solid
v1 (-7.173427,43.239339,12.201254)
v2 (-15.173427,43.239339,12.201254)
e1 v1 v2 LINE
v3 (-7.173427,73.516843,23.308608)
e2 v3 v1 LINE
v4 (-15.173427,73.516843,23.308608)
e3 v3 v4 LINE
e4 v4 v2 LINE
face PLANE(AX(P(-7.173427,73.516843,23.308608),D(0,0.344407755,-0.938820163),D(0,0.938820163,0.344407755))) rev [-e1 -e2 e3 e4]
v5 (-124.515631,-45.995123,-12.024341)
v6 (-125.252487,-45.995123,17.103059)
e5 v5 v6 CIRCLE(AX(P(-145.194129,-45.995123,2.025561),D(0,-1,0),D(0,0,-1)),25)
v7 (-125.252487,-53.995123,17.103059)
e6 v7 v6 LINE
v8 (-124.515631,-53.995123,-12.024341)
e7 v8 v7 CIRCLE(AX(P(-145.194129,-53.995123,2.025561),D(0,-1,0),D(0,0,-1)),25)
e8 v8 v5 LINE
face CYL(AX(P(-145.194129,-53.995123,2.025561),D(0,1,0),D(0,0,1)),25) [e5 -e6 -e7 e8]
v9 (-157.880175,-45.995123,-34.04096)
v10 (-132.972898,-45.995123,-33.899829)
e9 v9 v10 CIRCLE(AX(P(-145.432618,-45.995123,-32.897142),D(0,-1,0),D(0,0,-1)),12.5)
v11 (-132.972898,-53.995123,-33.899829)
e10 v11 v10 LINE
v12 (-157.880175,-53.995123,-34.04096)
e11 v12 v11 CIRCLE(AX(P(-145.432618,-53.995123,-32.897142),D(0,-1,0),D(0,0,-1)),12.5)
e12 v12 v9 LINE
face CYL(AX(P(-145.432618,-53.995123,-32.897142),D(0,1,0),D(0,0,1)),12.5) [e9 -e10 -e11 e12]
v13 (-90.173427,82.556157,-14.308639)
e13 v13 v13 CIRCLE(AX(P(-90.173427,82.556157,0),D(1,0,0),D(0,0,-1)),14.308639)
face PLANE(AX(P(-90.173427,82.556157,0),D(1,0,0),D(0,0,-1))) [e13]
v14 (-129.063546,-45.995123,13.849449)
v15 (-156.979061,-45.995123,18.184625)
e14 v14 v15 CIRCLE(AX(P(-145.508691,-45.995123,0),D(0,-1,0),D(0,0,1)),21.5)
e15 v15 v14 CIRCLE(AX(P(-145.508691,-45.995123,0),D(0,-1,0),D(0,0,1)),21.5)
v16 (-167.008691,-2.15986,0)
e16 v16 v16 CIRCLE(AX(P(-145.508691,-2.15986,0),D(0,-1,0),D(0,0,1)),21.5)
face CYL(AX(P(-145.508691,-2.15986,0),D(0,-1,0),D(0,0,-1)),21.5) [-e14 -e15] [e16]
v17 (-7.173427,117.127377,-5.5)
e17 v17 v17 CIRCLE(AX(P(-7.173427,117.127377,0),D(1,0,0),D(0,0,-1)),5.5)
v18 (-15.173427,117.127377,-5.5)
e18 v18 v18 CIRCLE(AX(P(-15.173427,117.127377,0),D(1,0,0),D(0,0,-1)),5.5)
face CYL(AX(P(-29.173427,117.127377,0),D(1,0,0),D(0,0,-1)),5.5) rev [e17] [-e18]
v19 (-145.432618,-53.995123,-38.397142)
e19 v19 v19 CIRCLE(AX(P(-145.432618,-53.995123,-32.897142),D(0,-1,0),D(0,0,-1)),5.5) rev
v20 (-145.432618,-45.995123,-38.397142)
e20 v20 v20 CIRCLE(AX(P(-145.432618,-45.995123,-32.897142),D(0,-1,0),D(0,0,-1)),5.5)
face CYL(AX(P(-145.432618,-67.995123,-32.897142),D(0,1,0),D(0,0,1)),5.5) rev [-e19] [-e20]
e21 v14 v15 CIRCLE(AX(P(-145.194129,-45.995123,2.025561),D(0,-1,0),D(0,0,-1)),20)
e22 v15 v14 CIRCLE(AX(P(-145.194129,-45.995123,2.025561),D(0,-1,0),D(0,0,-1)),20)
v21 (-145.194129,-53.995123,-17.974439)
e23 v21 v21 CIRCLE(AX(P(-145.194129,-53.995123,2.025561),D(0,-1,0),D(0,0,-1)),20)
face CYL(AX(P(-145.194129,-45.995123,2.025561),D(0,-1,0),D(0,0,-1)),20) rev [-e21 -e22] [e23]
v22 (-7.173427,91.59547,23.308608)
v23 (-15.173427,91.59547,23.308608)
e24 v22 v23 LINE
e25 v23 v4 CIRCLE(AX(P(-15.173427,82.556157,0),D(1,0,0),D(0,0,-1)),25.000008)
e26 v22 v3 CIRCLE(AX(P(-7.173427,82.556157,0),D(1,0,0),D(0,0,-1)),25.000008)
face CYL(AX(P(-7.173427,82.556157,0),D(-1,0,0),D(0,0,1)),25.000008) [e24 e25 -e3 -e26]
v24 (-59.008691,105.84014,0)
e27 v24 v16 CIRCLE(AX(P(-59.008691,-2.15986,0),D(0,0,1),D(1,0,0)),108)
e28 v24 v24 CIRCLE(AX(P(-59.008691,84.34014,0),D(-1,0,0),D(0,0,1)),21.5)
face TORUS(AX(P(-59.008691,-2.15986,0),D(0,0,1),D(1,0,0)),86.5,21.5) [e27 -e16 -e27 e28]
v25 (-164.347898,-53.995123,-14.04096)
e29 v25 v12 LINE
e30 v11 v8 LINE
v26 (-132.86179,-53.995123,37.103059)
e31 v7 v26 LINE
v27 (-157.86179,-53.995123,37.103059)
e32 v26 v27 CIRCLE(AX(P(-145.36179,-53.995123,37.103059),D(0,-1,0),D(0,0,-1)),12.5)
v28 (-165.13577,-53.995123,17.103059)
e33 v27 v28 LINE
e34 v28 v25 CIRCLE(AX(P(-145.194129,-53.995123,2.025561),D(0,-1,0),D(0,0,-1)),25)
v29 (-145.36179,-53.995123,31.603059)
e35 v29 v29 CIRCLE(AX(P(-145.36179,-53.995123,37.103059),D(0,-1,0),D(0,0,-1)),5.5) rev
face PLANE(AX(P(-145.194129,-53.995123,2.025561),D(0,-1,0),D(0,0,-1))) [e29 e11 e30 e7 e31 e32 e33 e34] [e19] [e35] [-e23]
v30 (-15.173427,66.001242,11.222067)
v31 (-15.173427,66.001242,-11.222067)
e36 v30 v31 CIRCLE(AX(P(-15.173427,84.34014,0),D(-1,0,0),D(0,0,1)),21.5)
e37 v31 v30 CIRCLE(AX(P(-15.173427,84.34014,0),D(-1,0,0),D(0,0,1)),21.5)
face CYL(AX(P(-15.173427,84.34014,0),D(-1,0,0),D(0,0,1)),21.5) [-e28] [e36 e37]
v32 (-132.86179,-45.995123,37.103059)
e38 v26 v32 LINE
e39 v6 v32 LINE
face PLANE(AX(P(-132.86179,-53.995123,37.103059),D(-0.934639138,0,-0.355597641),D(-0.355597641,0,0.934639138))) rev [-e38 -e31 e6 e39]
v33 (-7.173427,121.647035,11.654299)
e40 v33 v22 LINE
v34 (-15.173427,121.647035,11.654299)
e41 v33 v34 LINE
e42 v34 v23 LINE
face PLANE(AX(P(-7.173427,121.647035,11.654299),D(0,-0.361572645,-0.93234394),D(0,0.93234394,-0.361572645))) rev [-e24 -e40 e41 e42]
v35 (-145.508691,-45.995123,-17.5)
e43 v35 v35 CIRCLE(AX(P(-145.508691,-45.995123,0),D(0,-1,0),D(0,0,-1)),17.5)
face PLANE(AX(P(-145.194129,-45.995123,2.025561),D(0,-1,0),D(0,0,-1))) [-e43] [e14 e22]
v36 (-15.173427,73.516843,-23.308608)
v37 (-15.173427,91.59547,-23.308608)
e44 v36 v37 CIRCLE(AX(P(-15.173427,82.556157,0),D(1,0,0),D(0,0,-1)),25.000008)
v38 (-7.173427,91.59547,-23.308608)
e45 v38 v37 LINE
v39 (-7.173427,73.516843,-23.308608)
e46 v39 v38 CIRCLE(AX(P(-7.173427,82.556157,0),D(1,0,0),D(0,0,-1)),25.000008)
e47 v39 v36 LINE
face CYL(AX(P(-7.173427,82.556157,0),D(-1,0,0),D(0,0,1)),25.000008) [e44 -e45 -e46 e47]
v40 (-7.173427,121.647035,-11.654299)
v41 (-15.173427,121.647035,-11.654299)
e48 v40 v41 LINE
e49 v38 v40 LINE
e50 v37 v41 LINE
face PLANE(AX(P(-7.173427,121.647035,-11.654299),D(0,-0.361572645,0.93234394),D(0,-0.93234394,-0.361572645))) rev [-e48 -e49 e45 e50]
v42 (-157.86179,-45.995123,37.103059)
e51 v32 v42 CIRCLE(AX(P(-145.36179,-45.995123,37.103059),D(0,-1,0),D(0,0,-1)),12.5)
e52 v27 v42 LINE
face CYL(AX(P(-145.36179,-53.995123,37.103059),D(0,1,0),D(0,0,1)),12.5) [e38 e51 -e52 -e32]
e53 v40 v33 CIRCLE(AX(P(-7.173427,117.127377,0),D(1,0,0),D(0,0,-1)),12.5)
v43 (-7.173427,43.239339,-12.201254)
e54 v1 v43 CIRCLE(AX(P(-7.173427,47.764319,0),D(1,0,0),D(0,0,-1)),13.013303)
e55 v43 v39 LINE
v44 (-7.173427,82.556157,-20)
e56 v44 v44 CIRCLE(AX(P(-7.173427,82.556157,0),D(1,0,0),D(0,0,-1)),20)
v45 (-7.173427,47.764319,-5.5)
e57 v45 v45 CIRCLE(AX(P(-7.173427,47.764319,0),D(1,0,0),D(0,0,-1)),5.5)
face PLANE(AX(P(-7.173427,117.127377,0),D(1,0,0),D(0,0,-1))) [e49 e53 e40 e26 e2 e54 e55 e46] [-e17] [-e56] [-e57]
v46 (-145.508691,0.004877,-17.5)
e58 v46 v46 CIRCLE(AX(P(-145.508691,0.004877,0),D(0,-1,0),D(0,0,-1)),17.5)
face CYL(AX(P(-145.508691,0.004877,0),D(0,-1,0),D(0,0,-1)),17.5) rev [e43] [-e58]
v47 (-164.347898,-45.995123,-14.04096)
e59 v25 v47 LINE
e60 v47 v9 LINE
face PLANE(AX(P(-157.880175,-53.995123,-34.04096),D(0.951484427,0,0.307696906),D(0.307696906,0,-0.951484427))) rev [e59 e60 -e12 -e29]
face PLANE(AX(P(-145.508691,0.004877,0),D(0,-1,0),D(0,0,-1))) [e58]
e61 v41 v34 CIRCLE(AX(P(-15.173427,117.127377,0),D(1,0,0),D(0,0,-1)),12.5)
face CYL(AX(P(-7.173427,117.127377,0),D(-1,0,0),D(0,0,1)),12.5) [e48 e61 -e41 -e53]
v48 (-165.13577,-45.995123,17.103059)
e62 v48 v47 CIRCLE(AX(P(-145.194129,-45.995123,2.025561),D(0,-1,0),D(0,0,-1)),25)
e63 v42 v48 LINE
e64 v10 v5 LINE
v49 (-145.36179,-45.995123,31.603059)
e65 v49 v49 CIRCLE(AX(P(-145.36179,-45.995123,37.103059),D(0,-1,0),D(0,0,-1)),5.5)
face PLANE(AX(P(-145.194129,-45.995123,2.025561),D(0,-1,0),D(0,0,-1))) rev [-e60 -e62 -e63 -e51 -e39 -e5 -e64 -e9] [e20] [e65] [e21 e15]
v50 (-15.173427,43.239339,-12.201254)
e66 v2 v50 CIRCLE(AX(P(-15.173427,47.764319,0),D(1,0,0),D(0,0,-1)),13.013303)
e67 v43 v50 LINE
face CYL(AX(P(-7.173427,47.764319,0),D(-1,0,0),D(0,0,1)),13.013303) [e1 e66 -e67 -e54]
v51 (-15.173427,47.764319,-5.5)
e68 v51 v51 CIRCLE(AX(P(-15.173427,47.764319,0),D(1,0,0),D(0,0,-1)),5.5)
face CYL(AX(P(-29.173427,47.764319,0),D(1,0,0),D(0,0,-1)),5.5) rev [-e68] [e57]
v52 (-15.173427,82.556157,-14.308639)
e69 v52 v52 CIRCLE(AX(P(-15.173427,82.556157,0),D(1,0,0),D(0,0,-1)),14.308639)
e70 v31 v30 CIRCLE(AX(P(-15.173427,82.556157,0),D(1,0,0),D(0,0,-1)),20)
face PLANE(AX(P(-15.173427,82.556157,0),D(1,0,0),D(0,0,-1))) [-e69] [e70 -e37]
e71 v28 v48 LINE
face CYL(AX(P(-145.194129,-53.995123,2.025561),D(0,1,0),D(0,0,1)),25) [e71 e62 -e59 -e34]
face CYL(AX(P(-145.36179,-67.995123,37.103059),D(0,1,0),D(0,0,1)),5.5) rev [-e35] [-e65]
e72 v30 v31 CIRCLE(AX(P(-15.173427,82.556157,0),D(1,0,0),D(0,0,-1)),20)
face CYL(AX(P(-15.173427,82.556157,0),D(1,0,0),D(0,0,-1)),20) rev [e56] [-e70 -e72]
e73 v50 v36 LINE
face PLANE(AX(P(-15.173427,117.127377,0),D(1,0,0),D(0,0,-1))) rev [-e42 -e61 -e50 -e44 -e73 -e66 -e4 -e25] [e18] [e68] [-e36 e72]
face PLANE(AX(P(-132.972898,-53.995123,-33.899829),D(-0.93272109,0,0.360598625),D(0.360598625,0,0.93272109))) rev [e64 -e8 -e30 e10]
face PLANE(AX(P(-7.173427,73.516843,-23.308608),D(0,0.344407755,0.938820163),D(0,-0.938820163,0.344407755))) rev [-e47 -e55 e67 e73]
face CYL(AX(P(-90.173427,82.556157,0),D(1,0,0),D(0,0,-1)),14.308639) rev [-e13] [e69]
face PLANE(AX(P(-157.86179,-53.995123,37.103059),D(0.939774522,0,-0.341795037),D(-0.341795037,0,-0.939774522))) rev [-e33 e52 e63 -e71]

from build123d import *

# Parameters (mm, degrees)
SWEEP1_PROFILE_R    = 21.5
BOSS_EXTRUDE1_DEPTH = 8
BOSS_EXTRUDE2_DEPTH = 8
SKETCH10_R          = 20
CUT_EXTRUDE1_DEPTH  = 8
SKETCH12_R          = 20
CUT_EXTRUDE2_DEPTH  = 8
SKETCH13_R          = 5.5
CUT_EXTRUDE3_DEPTH  = 22
SKETCH14_R          = 5.5
CUT_EXTRUDE4_DEPTH  = 22
SKETCH26_R          = 14.308639319
CUT_EXTRUDE6_DEPTH  = 75
SKETCH27_R          = 17.5
CUT_EXTRUDE8_DEPTH  = 46


with BuildPart() as part:
    # Sweep1: sweep along a path in Sketch1
    with BuildLine(Plane.XY) as sweep1_path:
        Line((-15.173427297, 84.340140469), (-59.008690724, 84.340140469))
        ThreePointArc((-59.008690724, 84.340140469), (-120.173427297, 59.004877041), (-145.508690724, -2.159859531))
        Line((-145.508690724, -2.159859531), (-145.508690724, -45.995122959))
    # Sweep1 profile (on start of the path) → Sweep1 (sweep)
    with BuildSketch(Plane(origin=(-15.173427297, 84.340140469, 0), x_dir=(0, 0, -1), z_dir=(-1, 0, 0))):
        Circle(SWEEP1_PROFILE_R)
    sweep(path=sweep1_path.line)

    # Sketch8 → Boss-Extrude1 (add)
    with BuildSketch(Plane(origin=(-15.173427297, 0, 0), x_dir=(0, 0, -1), z_dir=(1, 0, 0))):
        with BuildLine():
            Line((11.654299247, 121.647035289), (23.308607816, 91.595469986))
            ThreePointArc((23.308607816, 91.595469986), (25.000007686, 82.556156629), (23.308607816, 73.516843272))
            Line((23.308607816, 73.516843272), (12.201254362, 43.23933866))
            ThreePointArc((12.201254362, 43.23933866), (0, 34.751015799), (-12.201254362, 43.23933866))
            Line((-12.201254362, 43.23933866), (-23.308607816, 73.516843272))
            ThreePointArc((-23.308607816, 73.516843272), (-25.000007686, 82.556156629), (-23.308607816, 91.595469986))
            Line((-23.308607816, 91.595469986), (-11.654299247, 121.647035289))
            ThreePointArc((-11.654299247, 121.647035289), (0, 129.627377221), (11.654299247, 121.647035289))
        make_face()
    extrude(amount=BOSS_EXTRUDE1_DEPTH)

    # Sketch9 → Boss-Extrude2 (add)
    with BuildSketch(Plane.XZ.offset(45.995122959)):
        with BuildLine():
            Line((-157.861790456, 37.103058549), (-165.135770102, 17.103058549))
            ThreePointArc((-165.135770102, 17.103058549), (-170.186132718, 1.393320876), (-164.347898171, -14.040960373))
            Line((-164.347898171, -14.040960373), (-157.880174747, -34.040960373))
            ThreePointArc((-157.880174747, -34.040960373), (-145.361790456, -45.396941451), (-132.972897727, -33.899829272))
            Line((-132.972897727, -33.899829272), (-124.515630897, -12.02434059))
            ThreePointArc((-124.515630897, -12.02434059), (-120.202124379, 2.657801138), (-125.252486994, 17.103058549))
            Line((-125.252486994, 17.103058549), (-132.861790456, 37.103058549))
            ThreePointArc((-132.861790456, 37.103058549), (-145.361790456, 49.603058549), (-157.861790456, 37.103058549))
        make_face()
    extrude(amount=BOSS_EXTRUDE2_DEPTH)

    # Sketch10 → Cut-Extrude1 (cut)
    with BuildSketch(Plane(origin=(-7.173427297, 0, 0), x_dir=(0, 0, -1), z_dir=(1, 0, 0))):
        with Locations((0, 82.556156629)):
            Circle(SKETCH10_R)
    extrude(amount=-CUT_EXTRUDE1_DEPTH, mode=Mode.SUBTRACT)

    # Sketch12 → Cut-Extrude2 (cut)
    with BuildSketch(Plane.XZ.offset(53.995122959)):
        with Locations(Location((-145.194128548, 2.025561007, 0), (0, 0, 270))):
            Circle(SKETCH12_R)
    extrude(amount=-CUT_EXTRUDE2_DEPTH, mode=Mode.SUBTRACT)

    # Sketch13 → Cut-Extrude3 (cut)
    with BuildSketch(Plane.XZ.offset(45.995122959)):
        with Locations(Location((-145.361790456, 37.103058549, 0), (0, 0, 270))):
            Circle(SKETCH13_R)
        with Locations(Location((-145.432617565, -32.897142112, 0), (0, 0, 270))):
            Circle(SKETCH13_R)
    extrude(amount=CUT_EXTRUDE3_DEPTH, mode=Mode.SUBTRACT)

    # Sketch14 → Cut-Extrude4 (cut)
    with BuildSketch(Plane(origin=(-7.173427297, 0, 0), x_dir=(0, 0, -1), z_dir=(1, 0, 0))):
        with Locations((0, 117.127377221)):
            Circle(SKETCH14_R)
        with Locations((0, 47.764318698)):
            Circle(SKETCH14_R)
    extrude(amount=-CUT_EXTRUDE4_DEPTH, mode=Mode.SUBTRACT)

    # Sketch26 → Cut-Extrude6 (cut)
    with BuildSketch(Plane(origin=(-15.173427297, 0, 0), x_dir=(0, 0, -1), z_dir=(1, 0, 0))):
        with Locations((0, 82.556156629)):
            Circle(SKETCH26_R)
    extrude(amount=-CUT_EXTRUDE6_DEPTH, mode=Mode.SUBTRACT)

    # Sketch27 → Cut-Extrude8 (cut)
    with BuildSketch(Plane.XZ.offset(45.995122959)):
        with Locations(Location((-145.508690724, 0, 0), (0, 0, 270))):
            Circle(SKETCH27_R)
    extrude(amount=-CUT_EXTRUDE8_DEPTH, mode=Mode.SUBTRACT)


solid = part.part
